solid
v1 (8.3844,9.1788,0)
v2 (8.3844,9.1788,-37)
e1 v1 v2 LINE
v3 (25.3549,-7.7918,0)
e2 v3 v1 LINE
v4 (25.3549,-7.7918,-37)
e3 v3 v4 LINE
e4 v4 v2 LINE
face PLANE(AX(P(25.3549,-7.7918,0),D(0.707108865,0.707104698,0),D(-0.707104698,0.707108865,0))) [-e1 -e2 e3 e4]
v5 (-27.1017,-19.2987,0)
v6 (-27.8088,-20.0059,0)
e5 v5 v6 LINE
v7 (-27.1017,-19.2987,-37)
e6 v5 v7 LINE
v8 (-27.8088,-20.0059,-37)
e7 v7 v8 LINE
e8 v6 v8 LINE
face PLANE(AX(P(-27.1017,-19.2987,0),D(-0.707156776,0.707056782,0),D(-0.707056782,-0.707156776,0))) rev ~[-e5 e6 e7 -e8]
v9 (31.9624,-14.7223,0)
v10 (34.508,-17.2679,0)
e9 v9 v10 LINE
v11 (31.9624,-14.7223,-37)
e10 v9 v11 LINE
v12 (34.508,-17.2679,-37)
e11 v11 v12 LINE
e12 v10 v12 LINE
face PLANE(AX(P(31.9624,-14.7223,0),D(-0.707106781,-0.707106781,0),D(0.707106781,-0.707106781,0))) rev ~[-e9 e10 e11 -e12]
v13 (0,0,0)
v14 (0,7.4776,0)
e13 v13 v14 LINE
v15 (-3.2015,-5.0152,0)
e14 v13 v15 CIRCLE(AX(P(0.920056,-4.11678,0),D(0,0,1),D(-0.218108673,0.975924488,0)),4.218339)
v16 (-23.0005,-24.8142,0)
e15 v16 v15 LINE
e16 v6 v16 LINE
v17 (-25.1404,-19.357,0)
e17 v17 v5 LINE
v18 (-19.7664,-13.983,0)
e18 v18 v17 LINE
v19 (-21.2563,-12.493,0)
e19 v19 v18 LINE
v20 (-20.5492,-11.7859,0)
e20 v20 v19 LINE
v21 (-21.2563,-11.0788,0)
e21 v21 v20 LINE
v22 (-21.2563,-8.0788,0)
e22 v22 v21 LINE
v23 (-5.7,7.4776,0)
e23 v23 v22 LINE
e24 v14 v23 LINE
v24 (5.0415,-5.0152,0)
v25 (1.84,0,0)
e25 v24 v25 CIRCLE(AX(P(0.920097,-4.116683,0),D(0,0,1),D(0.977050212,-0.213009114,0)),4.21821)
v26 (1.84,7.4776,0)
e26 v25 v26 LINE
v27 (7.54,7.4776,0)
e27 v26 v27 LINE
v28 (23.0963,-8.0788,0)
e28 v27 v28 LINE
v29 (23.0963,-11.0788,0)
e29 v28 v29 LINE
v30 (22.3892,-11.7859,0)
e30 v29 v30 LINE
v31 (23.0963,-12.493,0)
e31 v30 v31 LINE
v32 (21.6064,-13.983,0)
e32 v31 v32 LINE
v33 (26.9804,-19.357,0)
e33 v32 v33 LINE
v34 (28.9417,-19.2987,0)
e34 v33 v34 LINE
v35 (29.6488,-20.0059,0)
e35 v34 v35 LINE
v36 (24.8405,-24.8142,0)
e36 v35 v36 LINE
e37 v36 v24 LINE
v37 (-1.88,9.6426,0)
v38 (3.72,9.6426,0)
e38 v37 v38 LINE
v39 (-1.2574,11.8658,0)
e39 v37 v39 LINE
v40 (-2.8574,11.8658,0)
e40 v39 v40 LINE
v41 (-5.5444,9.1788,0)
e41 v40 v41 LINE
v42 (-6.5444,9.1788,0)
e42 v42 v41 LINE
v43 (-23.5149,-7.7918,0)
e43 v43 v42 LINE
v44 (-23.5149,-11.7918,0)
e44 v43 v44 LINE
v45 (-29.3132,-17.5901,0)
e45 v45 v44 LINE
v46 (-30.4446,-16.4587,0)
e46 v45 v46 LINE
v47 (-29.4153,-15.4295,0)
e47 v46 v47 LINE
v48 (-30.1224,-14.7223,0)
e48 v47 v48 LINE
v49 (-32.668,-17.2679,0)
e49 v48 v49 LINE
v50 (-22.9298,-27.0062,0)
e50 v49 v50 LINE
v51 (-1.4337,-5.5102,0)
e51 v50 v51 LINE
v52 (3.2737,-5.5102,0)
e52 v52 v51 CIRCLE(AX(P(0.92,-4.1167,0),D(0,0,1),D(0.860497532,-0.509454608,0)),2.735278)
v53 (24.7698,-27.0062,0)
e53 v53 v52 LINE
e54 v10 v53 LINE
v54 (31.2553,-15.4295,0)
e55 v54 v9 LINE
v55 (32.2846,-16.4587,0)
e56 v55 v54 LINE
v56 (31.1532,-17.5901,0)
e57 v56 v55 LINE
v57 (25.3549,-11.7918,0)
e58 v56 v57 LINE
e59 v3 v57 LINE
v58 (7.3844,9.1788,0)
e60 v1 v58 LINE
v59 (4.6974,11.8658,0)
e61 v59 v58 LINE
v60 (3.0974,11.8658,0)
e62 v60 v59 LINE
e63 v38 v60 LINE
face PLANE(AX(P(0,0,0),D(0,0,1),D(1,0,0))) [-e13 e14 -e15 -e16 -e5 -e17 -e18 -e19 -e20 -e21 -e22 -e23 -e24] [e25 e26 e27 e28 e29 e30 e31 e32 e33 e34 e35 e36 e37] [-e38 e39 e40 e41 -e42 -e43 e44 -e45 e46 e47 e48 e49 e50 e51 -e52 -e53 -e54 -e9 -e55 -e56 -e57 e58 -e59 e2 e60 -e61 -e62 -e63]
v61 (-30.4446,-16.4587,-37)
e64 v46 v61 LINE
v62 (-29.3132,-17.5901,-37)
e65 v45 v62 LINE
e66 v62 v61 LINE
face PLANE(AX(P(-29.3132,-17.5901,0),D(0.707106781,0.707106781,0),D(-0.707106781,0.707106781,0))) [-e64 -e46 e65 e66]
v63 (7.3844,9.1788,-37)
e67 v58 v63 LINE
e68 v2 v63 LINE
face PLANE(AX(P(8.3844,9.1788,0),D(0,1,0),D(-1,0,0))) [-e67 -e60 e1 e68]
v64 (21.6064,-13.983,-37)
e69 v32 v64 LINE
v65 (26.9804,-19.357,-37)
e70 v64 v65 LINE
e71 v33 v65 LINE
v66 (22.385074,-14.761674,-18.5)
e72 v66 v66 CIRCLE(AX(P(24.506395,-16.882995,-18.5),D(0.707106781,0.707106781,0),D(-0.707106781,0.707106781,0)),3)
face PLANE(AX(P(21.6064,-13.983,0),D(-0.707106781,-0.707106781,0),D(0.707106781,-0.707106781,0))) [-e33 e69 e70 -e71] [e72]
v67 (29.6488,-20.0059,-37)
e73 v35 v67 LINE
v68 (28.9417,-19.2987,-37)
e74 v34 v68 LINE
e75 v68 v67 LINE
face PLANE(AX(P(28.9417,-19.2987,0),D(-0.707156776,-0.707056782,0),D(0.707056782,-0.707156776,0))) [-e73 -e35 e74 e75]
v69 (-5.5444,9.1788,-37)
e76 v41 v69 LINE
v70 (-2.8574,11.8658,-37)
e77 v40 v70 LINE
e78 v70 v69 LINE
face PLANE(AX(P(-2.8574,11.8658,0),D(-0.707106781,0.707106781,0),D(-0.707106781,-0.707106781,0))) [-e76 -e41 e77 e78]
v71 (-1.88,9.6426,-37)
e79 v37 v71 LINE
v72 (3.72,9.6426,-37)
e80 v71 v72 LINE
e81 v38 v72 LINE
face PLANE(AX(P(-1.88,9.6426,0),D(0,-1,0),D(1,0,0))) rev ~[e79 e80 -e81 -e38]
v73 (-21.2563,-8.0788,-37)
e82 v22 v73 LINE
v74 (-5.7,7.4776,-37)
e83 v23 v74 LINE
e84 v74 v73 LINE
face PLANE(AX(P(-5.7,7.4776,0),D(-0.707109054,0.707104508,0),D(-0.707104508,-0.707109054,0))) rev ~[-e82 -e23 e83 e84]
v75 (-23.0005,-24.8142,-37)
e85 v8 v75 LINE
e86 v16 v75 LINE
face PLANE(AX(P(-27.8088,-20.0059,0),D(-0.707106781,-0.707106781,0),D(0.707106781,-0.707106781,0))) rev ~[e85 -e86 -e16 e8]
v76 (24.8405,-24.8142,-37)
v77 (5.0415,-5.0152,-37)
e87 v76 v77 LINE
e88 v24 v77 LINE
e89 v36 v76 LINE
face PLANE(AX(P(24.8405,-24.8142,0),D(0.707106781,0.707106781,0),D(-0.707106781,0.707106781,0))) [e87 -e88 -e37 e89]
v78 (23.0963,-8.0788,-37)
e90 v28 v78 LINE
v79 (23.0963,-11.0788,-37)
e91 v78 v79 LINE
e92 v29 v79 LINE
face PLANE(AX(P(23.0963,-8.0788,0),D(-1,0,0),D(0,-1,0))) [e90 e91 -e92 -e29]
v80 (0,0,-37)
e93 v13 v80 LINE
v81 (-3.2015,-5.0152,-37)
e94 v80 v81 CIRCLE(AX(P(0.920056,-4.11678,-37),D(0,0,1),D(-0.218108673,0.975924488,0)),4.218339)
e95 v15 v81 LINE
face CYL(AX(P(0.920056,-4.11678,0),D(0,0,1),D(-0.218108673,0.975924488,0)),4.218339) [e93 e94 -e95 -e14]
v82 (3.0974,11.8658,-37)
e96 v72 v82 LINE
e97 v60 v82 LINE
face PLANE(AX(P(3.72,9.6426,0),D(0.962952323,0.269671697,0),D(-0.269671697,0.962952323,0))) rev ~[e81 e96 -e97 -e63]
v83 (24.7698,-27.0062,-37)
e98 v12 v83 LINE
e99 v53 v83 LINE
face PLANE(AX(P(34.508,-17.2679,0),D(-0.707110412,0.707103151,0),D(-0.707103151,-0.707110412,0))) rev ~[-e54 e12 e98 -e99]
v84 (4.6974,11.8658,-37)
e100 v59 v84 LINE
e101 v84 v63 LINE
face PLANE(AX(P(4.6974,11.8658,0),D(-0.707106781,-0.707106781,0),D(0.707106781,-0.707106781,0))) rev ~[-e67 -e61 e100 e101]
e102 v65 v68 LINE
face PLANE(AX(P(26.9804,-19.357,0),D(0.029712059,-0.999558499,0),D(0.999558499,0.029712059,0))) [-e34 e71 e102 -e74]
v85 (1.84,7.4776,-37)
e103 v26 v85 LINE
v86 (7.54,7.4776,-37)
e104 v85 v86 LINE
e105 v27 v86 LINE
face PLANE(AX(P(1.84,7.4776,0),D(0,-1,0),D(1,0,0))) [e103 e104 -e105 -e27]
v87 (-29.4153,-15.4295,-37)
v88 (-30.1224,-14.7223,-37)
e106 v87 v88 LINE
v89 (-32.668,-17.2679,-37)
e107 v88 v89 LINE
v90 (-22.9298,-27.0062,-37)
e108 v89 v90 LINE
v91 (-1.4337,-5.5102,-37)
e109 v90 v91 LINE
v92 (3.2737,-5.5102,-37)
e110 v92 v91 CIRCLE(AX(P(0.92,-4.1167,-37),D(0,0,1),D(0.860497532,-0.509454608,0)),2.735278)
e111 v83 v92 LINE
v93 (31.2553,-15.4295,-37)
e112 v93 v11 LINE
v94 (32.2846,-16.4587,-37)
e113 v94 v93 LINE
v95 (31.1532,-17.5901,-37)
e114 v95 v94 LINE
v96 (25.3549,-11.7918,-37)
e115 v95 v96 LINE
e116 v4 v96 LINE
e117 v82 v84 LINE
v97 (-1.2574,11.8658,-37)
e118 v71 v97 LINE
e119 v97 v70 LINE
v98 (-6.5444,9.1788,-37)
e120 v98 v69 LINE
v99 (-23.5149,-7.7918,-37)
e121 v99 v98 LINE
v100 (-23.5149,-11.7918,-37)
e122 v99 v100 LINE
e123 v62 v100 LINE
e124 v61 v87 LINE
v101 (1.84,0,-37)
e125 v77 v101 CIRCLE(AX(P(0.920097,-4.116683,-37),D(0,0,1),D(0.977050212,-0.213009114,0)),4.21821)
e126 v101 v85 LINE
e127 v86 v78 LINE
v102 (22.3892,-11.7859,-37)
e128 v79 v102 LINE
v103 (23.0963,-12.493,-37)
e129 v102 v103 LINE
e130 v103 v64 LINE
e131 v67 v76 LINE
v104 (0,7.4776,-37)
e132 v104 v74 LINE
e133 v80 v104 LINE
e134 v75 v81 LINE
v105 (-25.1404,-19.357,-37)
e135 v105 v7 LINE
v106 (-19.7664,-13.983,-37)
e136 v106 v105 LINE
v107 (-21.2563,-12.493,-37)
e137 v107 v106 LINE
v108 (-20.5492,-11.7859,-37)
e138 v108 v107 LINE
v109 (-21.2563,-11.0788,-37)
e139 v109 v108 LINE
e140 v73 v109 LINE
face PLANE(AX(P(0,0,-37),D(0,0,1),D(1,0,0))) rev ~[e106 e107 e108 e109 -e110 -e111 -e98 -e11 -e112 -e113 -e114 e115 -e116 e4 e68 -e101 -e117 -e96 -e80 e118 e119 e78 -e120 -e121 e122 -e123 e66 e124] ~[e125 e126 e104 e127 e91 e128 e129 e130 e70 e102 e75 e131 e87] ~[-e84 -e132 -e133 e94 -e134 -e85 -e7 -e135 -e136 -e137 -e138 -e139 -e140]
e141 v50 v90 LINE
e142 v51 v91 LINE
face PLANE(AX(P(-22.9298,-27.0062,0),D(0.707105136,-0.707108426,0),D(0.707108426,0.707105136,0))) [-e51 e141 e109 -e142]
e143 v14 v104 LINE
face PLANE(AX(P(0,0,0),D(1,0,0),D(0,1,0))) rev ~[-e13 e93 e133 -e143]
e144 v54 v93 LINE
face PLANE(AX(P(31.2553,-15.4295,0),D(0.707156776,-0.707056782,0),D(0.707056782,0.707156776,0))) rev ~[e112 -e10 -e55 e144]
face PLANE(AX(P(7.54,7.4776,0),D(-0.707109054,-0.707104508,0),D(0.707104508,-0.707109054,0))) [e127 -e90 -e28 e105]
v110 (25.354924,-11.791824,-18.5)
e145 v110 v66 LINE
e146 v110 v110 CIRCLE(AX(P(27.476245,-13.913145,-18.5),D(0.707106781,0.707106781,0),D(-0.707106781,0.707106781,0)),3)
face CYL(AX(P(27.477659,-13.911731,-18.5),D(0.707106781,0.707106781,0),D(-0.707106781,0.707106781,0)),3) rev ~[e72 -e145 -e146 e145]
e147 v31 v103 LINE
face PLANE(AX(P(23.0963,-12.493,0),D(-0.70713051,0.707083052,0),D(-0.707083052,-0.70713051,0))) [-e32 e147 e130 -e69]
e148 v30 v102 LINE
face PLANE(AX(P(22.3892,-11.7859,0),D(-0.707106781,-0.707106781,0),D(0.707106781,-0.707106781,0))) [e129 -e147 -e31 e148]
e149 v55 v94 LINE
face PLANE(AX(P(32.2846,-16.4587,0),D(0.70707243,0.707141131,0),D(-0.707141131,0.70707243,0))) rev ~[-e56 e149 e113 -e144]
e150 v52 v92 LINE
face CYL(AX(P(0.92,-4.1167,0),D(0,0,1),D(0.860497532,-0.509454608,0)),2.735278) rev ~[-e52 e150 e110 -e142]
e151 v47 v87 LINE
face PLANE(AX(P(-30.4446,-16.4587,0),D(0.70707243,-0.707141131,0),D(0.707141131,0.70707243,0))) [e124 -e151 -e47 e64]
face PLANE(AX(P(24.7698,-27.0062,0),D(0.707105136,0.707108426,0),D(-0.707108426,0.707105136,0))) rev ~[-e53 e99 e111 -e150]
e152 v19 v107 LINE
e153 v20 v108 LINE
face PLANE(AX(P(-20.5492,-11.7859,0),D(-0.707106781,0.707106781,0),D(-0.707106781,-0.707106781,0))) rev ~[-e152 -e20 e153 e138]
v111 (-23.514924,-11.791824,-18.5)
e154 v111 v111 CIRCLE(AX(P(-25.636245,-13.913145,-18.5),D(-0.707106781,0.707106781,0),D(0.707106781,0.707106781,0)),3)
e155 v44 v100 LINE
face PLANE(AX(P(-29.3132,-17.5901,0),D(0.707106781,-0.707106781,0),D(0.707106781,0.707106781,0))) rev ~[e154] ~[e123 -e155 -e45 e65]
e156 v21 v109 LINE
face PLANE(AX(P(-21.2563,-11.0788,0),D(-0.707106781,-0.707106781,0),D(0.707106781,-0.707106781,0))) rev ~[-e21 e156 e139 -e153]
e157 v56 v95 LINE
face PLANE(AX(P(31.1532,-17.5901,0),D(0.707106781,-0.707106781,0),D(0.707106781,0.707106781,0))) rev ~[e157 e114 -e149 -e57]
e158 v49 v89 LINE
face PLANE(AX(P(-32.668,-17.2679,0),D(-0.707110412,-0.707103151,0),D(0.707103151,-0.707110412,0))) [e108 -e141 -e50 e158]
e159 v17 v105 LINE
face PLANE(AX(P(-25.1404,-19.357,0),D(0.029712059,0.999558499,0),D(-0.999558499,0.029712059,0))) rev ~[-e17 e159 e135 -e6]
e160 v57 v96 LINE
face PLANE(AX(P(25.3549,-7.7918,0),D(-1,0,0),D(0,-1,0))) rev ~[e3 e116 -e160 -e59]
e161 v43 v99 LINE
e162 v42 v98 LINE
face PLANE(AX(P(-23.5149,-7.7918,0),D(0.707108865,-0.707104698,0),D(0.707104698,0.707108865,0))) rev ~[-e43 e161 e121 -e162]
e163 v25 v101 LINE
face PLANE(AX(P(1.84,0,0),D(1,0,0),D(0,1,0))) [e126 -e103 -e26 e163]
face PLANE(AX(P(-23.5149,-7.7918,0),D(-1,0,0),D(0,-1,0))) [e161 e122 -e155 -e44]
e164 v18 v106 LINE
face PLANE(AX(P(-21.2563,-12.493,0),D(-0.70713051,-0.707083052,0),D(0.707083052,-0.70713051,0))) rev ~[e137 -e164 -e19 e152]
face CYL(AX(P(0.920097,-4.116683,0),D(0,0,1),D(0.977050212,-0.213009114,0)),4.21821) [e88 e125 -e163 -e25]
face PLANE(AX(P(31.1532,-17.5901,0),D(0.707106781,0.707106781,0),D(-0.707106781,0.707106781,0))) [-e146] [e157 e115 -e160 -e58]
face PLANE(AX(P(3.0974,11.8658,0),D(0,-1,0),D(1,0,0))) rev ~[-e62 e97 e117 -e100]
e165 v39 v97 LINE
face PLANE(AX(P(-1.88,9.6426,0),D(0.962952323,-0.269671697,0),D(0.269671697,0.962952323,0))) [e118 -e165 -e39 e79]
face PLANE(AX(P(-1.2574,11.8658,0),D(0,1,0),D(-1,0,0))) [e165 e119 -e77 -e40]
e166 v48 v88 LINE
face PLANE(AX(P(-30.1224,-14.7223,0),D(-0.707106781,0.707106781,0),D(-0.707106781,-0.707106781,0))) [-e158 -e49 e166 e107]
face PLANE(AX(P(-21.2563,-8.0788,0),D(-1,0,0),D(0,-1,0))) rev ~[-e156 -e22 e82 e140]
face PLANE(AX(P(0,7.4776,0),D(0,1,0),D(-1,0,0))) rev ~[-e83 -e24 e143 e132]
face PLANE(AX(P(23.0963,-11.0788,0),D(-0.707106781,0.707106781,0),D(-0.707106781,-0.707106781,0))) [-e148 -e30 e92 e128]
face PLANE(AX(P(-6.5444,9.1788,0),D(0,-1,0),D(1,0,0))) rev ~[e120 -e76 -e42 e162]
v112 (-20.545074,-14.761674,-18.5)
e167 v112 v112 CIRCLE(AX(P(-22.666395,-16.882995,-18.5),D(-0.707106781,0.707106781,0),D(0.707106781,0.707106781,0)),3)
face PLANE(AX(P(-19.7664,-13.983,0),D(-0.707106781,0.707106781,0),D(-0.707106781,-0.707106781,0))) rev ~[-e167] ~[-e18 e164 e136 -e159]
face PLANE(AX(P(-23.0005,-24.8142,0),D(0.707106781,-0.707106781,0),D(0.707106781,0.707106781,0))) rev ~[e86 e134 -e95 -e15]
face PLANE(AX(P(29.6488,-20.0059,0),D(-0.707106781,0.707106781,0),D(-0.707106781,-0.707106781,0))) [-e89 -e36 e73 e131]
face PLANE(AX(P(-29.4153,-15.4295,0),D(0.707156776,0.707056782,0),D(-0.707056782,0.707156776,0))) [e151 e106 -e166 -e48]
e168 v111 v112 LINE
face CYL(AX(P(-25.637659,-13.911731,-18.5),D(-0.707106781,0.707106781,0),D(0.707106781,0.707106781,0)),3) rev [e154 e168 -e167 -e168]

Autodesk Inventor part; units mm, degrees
ref_plane "YZ Plane" through (0, 0, 0) normal (1, 0, 0) x (0, 1, 0)
sketch "Sketch1" plane through (0, 0, 0) normal (0, 0, 1) x (1, 0, 0)
  line L0 (0, 0) -> (0, 7.4776)
  line L1 (0, 7.4776) -> (-5.7, 7.4776)
  line L2 (-5.7, 7.4776) -> (-21.2563, -8.0788)
  line L3 (-21.2563, -8.0788) -> (-21.2563, -11.0788)
  line L4 (-21.2563, -11.0788) -> (-20.5492, -11.7859)
  line L5 (-20.5492, -11.7859) -> (-21.2563, -12.493)
  line L6 (-21.2563, -12.493) -> (-19.7664, -13.983)
  line L7 (-19.7664, -13.983) -> (-25.1404, -19.357)
  line L8 (-25.1404, -19.357) -> (-27.1017, -19.2987)
  line L9 (-27.1017, -19.2987) -> (-27.8088, -20.0059)
  line L10 (-27.8088, -20.0059) -> (-23.0005, -24.8142)
  line L11 (-23.0005, -24.8142) -> (-3.2015, -5.0152)
  line L12 (-1.88, 9.6426) -> (-1.2574, 11.8658)
  line L13 (-1.2574, 11.8658) -> (-2.8574, 11.8658)
  line L14 (-2.8574, 11.8658) -> (-5.5444, 9.1788)
  line L15 (-23.5149, -7.7918) -> (-6.5444, 9.1788)
  line L16 (-6.5444, 9.1788) -> (-5.5444, 9.1788)
  line L17 (-23.5149, -7.7918) -> (-23.5149, -11.7918)
  line L18 (-29.3132, -17.5901) -> (-23.5149, -11.7918)
  line L19 (-29.3132, -17.5901) -> (-30.4446, -16.4587)
  line L20 (-30.4446, -16.4587) -> (-29.4153, -15.4295)
  line L21 (-29.4153, -15.4295) -> (-30.1224, -14.7223)
  line L22 (-30.1224, -14.7223) -> (-32.668, -17.2679)
  line L23 (-32.668, -17.2679) -> (-22.9298, -27.0062)
  line L24 (-22.9298, -27.0062) -> (-1.4337, -5.5102)
  line L25 (0.92, 16.812) -> (0.92, -19.9546) construction
  line L26 (1.84, 0) -> (1.84, 7.4776)
  line L27 (1.84, 7.4776) -> (7.54, 7.4776)
  line L28 (7.54, 7.4776) -> (23.0963, -8.0788)
  line L29 (23.0963, -8.0788) -> (23.0963, -11.0788)
  line L30 (23.0963, -11.0788) -> (22.3892, -11.7859)
  line L31 (22.3892, -11.7859) -> (23.0963, -12.493)
  line L32 (23.0963, -12.493) -> (21.6064, -13.983)
  line L33 (21.6064, -13.983) -> (26.9804, -19.357)
  line L34 (26.9804, -19.357) -> (28.9417, -19.2987)
  line L35 (28.9417, -19.2987) -> (29.6488, -20.0059)
  line L36 (29.6488, -20.0059) -> (24.8405, -24.8142)
  line L37 (24.8405, -24.8142) -> (5.0415, -5.0152)
  line L38 (3.72, 9.6426) -> (3.0974, 11.8658)
  line L39 (3.0974, 11.8658) -> (4.6974, 11.8658)
  line L40 (4.6974, 11.8658) -> (7.3844, 9.1788)
  line L41 (25.3549, -7.7918) -> (8.3844, 9.1788)
  line L42 (8.3844, 9.1788) -> (7.3844, 9.1788)
  line L43 (25.3549, -7.7918) -> (25.3549, -11.7918)
  line L44 (31.1532, -17.5901) -> (25.3549, -11.7918)
  line L45 (31.1532, -17.5901) -> (32.2846, -16.4587)
  line L46 (32.2846, -16.4587) -> (31.2553, -15.4295)
  line L47 (31.2553, -15.4295) -> (31.9624, -14.7223)
  line L48 (31.9624, -14.7223) -> (34.508, -17.2679)
  line L49 (34.508, -17.2679) -> (24.7698, -27.0062)
  line L50 (24.7698, -27.0062) -> (3.2737, -5.5102)
  line L51 (-1.88, 9.6426) -> (3.72, 9.6426)
  arc A0 (3.2737, -5.5102) -> (-1.4337, -5.5102) centre (0.92, -4.1167) ccw
  arc A1 (5.0415, -5.0152) -> (1.84, 0) centre (0.92, -4.1167) ccw
  arc A2 (0, 0) -> (-3.2015, -5.0152) centre (0.92, -4.1167) ccw
  point P0 (-22.4534, -16.67)
  dimension "d1" = 5.7
  dimension "d2" = 135
  dimension "d3" = 22
  dimension "d13" = 3
  dimension "d14" = 28
  dimension "d22" = 1.6
  dimension "d23" = 3.8
  dimension "d24" = 1
  dimension "d25" = 24
  dimension "d30" = 4
  dimension "d34" = 3.6
  dimension "d36" = 1.5
  dimension "d38" = 1.6
  dimension "d47" = 1.84
  dimension "d55" = 8.2
  dimension "d56" = 1.6
  dimension "d57" = 1
  dimension "d59" = 7.6
  dimension "d61" = 1
  dimension "d62" = 6.8
  dimension "d72" = 30.4
  dimension "d74" = 13.772
  dimension "d75" = 4.2
  dimension "d76" = 5.6
  dimension "d77" = 1.8
  dimension "d78" = 1
  dimension "d80" = 90
  dimension "d81" = 7.4776
extrude "Extrusion1" add sketch "Sketch1" against normal blind 37
ref_plane "Work Plane2" through (31.1532, -17.5901, -37) normal (0.7071, 0.7071, 0) x (-0.7071, 0.7071, 0)
sketch "Sketch3" plane through (31.1532, -17.5901, -37) normal (0.7071, 0.7071, 0) x (-0.7071, 0.7071, 0)
  circle A0 centre (5.2, 18.5) radius 3
  line L0 (0, 37) -> (8.2, 37) projected
  line L1 (8.2, 37) -> (8.2, 0) projected
  point P0 (34.4667, 37)
  dimension "d65" = 18.5
  dimension "d67" = 6
extrude "Extrusion2" cut sketch "Sketch3" against normal blind 6
thread "Thread1" size "M6x1" class "6H" standard "ANSI Metric M Profile" full length
ref_plane "Work Plane4" through (0.92, 19.6401, -37) normal (-1, 0, 0) x (0, 0, -1)
mirror "Mirror2" about plane through (0.92, 19.6401, -37) normal (-1, 0, 0) of "Extrusion2"
properties part number "ESCUADRA"
